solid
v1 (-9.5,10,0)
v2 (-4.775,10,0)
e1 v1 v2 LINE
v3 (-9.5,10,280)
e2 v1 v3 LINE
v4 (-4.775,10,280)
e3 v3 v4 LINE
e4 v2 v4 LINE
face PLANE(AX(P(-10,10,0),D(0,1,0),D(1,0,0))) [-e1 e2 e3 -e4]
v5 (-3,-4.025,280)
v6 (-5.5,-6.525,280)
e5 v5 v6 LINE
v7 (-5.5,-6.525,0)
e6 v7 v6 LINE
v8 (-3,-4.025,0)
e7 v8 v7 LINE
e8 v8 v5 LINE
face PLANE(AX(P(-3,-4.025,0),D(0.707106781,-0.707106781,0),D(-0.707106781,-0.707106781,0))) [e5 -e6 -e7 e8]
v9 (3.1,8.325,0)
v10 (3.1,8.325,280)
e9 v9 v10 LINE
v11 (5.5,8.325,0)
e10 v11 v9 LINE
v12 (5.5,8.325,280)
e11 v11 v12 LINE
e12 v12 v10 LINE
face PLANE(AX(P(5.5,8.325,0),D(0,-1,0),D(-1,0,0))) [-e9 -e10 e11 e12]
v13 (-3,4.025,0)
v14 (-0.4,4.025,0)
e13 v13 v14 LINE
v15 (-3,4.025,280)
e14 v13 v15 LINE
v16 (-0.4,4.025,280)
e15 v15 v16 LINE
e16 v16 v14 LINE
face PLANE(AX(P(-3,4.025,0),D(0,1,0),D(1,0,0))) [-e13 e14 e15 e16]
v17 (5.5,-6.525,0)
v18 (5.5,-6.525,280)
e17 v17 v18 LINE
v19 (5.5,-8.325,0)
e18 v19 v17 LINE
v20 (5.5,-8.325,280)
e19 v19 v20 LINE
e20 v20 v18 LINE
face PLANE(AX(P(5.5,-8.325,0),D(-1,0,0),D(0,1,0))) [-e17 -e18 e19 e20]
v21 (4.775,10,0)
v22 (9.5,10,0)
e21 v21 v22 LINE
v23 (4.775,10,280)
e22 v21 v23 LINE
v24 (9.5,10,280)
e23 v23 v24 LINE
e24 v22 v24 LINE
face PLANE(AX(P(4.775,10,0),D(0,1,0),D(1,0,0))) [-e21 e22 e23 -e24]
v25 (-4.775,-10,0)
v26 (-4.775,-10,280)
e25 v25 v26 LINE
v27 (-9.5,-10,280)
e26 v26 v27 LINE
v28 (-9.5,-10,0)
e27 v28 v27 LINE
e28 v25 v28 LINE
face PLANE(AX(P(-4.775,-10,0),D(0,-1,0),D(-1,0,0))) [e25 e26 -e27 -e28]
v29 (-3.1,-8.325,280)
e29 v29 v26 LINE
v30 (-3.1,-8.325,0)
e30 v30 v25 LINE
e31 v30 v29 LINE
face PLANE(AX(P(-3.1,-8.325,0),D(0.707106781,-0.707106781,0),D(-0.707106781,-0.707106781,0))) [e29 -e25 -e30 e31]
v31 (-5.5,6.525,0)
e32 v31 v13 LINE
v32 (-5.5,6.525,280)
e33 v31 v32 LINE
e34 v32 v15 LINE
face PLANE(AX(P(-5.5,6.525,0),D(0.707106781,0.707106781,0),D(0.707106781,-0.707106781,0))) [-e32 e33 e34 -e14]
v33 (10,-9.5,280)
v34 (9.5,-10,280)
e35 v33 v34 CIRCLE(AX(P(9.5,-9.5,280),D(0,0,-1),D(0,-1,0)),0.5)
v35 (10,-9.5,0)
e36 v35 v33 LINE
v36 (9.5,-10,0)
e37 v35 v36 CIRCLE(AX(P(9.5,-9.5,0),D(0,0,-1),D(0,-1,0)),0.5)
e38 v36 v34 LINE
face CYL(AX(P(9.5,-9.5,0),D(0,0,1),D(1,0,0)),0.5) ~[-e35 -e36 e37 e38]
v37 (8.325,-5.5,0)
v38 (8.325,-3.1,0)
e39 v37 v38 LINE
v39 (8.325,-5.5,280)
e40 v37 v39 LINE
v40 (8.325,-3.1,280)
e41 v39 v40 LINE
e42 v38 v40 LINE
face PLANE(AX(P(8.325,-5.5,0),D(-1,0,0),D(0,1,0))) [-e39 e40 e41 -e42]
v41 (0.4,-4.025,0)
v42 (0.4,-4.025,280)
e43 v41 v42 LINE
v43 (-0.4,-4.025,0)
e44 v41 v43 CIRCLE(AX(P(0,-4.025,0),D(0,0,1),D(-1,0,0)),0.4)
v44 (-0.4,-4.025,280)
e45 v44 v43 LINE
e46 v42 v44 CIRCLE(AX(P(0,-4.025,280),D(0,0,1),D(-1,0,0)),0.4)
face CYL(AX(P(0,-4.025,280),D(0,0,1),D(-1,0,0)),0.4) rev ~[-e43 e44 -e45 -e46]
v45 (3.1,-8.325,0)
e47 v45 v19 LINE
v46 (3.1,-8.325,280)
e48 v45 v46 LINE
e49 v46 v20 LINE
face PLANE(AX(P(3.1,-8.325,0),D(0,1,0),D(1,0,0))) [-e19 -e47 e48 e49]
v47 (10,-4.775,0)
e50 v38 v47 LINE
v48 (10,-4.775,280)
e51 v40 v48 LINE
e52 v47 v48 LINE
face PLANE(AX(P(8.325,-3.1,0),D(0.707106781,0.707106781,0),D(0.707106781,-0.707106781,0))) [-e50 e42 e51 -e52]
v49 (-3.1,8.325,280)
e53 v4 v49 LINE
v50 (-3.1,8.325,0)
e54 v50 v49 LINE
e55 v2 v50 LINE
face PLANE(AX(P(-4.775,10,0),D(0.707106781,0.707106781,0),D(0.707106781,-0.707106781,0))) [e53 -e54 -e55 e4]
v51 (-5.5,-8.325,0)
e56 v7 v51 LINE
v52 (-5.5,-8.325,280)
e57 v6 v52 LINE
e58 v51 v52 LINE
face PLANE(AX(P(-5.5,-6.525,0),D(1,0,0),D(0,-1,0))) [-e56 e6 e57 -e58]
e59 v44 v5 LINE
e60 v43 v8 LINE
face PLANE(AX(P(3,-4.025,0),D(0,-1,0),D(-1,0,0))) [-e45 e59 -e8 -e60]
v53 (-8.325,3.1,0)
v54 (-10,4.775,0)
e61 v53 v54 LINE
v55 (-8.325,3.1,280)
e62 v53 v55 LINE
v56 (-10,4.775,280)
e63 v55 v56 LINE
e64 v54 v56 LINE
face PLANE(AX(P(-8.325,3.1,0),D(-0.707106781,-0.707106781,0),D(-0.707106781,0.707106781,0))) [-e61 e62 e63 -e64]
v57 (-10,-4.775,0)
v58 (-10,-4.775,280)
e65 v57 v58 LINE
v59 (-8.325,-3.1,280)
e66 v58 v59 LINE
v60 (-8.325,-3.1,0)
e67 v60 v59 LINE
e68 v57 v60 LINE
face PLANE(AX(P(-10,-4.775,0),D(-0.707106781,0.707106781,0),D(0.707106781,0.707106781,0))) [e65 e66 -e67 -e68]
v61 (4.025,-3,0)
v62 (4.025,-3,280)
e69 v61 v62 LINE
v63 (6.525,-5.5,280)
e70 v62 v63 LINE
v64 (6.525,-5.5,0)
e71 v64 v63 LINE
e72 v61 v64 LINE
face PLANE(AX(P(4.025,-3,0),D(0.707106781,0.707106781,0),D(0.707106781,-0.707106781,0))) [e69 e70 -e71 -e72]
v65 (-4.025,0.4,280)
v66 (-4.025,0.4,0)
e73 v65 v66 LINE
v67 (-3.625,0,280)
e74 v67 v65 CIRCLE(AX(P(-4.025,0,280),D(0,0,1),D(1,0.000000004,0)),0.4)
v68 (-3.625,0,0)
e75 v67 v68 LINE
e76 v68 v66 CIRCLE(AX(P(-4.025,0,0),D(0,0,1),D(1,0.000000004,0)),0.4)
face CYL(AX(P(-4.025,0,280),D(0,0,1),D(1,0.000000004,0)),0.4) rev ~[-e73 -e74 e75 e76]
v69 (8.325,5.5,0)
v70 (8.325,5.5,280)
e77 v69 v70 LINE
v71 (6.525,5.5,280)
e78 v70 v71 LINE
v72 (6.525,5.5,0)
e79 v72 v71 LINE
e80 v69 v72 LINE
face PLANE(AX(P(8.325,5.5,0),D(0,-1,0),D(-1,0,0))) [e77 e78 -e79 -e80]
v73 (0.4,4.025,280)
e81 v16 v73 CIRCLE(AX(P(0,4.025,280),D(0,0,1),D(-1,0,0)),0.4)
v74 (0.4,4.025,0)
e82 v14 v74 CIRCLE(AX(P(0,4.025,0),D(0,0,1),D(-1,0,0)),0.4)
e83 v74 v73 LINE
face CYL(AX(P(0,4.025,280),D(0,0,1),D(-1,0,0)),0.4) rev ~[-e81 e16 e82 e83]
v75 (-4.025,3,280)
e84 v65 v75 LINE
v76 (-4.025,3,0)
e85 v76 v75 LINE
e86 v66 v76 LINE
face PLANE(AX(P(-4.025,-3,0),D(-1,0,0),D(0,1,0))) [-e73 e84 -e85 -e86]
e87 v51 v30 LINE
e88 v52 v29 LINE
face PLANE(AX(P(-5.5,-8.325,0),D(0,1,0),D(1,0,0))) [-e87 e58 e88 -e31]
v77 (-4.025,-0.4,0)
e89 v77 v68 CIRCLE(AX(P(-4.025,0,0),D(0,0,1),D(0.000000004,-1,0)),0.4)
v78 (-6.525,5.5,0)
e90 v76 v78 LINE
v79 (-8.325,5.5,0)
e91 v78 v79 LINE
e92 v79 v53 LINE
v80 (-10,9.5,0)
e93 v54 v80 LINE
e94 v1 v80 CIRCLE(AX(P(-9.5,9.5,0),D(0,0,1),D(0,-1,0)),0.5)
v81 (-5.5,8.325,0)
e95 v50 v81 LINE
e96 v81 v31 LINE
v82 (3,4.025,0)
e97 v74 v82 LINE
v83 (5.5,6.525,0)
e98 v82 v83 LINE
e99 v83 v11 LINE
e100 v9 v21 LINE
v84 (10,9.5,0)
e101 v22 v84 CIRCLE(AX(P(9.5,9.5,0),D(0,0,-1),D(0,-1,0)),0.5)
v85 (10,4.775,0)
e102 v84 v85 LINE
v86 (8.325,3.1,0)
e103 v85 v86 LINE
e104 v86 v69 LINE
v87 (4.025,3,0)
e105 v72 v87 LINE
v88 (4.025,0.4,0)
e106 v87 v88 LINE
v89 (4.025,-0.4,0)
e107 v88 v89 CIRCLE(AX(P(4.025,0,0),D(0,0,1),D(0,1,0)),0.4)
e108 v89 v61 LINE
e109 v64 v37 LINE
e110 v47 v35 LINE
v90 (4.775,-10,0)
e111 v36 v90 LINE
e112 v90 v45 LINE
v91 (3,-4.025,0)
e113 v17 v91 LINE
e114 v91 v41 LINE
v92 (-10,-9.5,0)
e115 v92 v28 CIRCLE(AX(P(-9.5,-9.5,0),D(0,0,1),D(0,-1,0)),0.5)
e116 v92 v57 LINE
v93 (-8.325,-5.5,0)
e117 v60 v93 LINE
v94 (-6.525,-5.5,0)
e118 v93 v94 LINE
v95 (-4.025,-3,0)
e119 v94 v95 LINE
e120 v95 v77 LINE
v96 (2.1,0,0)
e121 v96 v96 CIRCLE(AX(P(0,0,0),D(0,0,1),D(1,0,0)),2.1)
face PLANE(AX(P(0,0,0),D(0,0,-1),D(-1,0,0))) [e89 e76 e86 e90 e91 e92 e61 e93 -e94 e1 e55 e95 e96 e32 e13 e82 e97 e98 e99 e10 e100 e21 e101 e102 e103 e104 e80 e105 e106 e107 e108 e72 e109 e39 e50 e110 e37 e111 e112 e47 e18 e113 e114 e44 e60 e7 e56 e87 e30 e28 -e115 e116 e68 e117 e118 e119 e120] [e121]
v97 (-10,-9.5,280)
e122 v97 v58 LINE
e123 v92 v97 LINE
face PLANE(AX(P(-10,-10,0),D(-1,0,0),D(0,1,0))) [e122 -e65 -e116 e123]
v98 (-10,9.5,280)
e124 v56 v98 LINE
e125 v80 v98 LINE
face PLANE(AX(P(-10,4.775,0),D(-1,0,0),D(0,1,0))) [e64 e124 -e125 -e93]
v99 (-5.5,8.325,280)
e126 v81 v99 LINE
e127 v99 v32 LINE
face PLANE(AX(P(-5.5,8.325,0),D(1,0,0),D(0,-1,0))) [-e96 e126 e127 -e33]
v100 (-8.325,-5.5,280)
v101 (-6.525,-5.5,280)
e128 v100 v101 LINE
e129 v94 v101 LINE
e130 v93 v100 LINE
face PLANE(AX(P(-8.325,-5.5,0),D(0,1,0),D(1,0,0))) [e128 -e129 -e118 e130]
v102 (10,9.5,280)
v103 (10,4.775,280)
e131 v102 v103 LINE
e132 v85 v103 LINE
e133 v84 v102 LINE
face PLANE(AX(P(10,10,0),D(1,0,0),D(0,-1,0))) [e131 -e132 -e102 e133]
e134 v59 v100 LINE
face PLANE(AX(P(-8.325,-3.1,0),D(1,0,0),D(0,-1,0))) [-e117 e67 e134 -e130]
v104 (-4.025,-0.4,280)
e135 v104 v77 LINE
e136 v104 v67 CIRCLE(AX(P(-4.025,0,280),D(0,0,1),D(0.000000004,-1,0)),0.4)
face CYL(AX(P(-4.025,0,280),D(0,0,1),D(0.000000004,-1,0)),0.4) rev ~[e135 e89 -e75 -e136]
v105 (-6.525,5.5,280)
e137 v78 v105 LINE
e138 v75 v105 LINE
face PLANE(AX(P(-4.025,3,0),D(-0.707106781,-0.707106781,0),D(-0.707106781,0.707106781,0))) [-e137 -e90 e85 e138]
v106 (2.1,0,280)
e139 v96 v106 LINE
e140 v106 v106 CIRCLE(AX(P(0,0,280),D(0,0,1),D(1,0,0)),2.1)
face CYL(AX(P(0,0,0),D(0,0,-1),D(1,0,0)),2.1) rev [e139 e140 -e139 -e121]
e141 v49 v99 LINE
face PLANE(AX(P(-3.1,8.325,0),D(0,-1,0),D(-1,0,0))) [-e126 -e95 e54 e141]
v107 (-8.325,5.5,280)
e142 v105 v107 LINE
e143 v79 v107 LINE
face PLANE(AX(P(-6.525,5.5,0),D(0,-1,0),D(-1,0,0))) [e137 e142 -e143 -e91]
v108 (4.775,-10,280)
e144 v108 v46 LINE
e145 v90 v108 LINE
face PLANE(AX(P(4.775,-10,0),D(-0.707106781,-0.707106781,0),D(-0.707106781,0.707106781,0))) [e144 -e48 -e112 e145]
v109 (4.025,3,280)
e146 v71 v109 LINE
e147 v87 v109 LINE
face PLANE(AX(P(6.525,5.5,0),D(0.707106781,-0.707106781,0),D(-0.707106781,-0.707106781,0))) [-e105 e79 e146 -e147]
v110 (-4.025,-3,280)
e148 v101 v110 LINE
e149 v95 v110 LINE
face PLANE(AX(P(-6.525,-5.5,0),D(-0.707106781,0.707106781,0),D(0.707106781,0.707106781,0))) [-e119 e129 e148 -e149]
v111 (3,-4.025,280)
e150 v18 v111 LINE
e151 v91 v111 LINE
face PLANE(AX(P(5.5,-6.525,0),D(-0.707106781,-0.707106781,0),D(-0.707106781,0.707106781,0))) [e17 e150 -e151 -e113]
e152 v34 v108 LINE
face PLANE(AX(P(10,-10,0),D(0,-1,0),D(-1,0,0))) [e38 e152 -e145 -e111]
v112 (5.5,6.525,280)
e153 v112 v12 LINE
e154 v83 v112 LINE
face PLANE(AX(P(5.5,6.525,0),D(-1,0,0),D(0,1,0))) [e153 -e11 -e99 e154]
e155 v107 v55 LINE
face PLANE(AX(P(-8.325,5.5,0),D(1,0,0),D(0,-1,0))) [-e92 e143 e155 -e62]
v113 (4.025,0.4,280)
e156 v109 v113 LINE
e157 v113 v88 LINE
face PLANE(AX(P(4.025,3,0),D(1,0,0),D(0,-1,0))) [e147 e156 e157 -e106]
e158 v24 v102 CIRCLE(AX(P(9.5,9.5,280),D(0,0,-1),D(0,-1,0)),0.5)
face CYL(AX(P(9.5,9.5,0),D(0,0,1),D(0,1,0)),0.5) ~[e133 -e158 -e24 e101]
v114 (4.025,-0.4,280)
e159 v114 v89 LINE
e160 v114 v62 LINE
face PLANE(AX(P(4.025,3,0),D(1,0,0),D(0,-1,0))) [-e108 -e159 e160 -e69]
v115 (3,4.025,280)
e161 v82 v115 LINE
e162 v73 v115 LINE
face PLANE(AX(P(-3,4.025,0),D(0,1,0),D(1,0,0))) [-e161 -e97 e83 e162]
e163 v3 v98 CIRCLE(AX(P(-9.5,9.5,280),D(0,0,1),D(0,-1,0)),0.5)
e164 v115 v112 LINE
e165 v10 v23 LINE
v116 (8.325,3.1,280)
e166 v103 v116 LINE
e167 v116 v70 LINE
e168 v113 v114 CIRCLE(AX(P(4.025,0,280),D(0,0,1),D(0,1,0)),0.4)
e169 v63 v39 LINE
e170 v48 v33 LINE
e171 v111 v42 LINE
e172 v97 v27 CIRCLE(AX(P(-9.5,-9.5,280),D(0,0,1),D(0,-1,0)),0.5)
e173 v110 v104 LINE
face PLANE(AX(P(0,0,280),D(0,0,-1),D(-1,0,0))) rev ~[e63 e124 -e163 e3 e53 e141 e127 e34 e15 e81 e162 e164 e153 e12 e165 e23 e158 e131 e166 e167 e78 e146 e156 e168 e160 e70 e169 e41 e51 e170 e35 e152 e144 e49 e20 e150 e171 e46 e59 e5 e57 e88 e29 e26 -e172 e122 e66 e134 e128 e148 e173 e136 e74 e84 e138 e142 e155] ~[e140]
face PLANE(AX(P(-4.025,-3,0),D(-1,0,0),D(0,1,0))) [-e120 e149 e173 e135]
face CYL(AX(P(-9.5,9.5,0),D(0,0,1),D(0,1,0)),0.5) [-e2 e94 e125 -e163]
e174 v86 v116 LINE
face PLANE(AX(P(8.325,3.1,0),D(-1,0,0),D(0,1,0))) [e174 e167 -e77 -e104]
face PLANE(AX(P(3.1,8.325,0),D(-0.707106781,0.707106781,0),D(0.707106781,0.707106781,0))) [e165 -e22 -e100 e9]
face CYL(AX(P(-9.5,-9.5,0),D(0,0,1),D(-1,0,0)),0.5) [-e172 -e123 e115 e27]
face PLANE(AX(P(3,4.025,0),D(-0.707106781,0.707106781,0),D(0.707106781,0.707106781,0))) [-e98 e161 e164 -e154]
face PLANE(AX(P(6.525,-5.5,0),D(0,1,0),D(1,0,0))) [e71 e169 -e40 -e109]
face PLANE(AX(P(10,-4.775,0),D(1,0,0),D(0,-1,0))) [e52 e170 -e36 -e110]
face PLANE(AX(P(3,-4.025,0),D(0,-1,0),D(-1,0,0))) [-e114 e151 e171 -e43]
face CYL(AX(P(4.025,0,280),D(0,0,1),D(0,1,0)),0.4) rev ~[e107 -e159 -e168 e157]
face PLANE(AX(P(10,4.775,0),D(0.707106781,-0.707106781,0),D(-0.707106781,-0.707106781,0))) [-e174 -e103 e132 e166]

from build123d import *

# Parameters (mm, degrees)
SKETCH1_R           = 2.1
BOSS_EXTRUDE1_DEPTH = 280
FILLET1_R           = 0.5
CUT_EXTRUDE1_DEPTH  = 281.356915378


with BuildPart() as part:
    # Sketch1 → Boss-Extrude1 (new body)
    with BuildSketch(Plane.XY):
        Polygon((-10, 10), (-4.775, 10), (-3.1, 8.325), (-5.5, 8.325), (-5.5, 6.525), (-3, 4.025), (3, 4.025), (5.5, 6.525), (5.5, 8.325), (3.1, 8.325), (4.775, 10), (10, 10), (10, 4.775), (8.325, 3.1), (8.325, 5.5), (6.525, 5.5), (4.025, 3), (4.025, -3), (6.525, -5.5), (8.325, -5.5), (8.325, -3.1), (10, -4.775), (10, -10), (4.775, -10), (3.1, -8.325), (5.5, -8.325), (5.5, -6.525), (3, -4.025), (-3, -4.025), (-5.5, -6.525), (-5.5, -8.325), (-3.1, -8.325), (-4.775, -10), (-10, -10), (-10, -4.775), (-8.325, -3.1), (-8.325, -5.5), (-6.525, -5.5), (-4.025, -3), (-4.025, 3), (-6.525, 5.5), (-8.325, 5.5), (-8.325, 3.1), (-10, 4.775), align=None)
        Circle(SKETCH1_R, mode=Mode.SUBTRACT)
    extrude(amount=BOSS_EXTRUDE1_DEPTH)

    # Fillet1
    fillet1_edges = [part.edges().sort_by_distance(p)[0] for p in [
        (10, -10, 140),
        (-10, -10, 140),
        (-10, 10, 140),
        (10, 10, 140),
    ]]
    fillet(fillet1_edges, radius=FILLET1_R)

    # Sketch2 → Cut-Extrude1 (cut, through all)
    with BuildSketch(Plane.XY.offset(280)):
        with BuildLine():
            ThreePointArc((-4.025, 0.4), (-4.425, 0), (-4.025, -0.4))
            Line((-4.025, -0.4), (-4.025, 0.4))
        make_face()
        with BuildLine():
            Line((-4.025, 0.4), (-4.025, -0.4))
            ThreePointArc((-4.025, -0.4), (-3.742157288, -0.282842712), (-3.625, 0))
            ThreePointArc((-3.625, 0), (-3.742157288, 0.282842712), (-4.025, 0.4))
        make_face()
        with BuildLine():
            ThreePointArc((0.4, 4.025), (0, 4.425), (-0.4, 4.025))
            Line((-0.4, 4.025), (0.4, 4.025))
        make_face()
        with BuildLine():
            Line((0.4, 4.025), (-0.4, 4.025))
            ThreePointArc((-0.4, 4.025), (0, 3.625), (0.4, 4.025))
        make_face()
        with BuildLine():
            ThreePointArc((4.025, 0.4), (3.625, 0), (4.025, -0.4))
            Line((4.025, -0.4), (4.025, 0.4))
        make_face()
        with BuildLine():
            Line((4.025, 0.4), (4.025, -0.4))
            ThreePointArc((4.025, -0.4), (4.307842712, -0.282842712), (4.425, 0))
            ThreePointArc((4.425, 0), (4.307842712, 0.282842712), (4.025, 0.4))
        make_face()
        with BuildLine():
            ThreePointArc((0.4, -4.025), (0, -3.625), (-0.4, -4.025))
            Line((-0.4, -4.025), (0.4, -4.025))
        make_face()
        with BuildLine():
            Line((0.4, -4.025), (-0.4, -4.025))
            ThreePointArc((-0.4, -4.025), (0, -4.425), (0.4, -4.025))
        make_face()
    extrude(amount=-CUT_EXTRUDE1_DEPTH, mode=Mode.SUBTRACT)


solid = part.part
